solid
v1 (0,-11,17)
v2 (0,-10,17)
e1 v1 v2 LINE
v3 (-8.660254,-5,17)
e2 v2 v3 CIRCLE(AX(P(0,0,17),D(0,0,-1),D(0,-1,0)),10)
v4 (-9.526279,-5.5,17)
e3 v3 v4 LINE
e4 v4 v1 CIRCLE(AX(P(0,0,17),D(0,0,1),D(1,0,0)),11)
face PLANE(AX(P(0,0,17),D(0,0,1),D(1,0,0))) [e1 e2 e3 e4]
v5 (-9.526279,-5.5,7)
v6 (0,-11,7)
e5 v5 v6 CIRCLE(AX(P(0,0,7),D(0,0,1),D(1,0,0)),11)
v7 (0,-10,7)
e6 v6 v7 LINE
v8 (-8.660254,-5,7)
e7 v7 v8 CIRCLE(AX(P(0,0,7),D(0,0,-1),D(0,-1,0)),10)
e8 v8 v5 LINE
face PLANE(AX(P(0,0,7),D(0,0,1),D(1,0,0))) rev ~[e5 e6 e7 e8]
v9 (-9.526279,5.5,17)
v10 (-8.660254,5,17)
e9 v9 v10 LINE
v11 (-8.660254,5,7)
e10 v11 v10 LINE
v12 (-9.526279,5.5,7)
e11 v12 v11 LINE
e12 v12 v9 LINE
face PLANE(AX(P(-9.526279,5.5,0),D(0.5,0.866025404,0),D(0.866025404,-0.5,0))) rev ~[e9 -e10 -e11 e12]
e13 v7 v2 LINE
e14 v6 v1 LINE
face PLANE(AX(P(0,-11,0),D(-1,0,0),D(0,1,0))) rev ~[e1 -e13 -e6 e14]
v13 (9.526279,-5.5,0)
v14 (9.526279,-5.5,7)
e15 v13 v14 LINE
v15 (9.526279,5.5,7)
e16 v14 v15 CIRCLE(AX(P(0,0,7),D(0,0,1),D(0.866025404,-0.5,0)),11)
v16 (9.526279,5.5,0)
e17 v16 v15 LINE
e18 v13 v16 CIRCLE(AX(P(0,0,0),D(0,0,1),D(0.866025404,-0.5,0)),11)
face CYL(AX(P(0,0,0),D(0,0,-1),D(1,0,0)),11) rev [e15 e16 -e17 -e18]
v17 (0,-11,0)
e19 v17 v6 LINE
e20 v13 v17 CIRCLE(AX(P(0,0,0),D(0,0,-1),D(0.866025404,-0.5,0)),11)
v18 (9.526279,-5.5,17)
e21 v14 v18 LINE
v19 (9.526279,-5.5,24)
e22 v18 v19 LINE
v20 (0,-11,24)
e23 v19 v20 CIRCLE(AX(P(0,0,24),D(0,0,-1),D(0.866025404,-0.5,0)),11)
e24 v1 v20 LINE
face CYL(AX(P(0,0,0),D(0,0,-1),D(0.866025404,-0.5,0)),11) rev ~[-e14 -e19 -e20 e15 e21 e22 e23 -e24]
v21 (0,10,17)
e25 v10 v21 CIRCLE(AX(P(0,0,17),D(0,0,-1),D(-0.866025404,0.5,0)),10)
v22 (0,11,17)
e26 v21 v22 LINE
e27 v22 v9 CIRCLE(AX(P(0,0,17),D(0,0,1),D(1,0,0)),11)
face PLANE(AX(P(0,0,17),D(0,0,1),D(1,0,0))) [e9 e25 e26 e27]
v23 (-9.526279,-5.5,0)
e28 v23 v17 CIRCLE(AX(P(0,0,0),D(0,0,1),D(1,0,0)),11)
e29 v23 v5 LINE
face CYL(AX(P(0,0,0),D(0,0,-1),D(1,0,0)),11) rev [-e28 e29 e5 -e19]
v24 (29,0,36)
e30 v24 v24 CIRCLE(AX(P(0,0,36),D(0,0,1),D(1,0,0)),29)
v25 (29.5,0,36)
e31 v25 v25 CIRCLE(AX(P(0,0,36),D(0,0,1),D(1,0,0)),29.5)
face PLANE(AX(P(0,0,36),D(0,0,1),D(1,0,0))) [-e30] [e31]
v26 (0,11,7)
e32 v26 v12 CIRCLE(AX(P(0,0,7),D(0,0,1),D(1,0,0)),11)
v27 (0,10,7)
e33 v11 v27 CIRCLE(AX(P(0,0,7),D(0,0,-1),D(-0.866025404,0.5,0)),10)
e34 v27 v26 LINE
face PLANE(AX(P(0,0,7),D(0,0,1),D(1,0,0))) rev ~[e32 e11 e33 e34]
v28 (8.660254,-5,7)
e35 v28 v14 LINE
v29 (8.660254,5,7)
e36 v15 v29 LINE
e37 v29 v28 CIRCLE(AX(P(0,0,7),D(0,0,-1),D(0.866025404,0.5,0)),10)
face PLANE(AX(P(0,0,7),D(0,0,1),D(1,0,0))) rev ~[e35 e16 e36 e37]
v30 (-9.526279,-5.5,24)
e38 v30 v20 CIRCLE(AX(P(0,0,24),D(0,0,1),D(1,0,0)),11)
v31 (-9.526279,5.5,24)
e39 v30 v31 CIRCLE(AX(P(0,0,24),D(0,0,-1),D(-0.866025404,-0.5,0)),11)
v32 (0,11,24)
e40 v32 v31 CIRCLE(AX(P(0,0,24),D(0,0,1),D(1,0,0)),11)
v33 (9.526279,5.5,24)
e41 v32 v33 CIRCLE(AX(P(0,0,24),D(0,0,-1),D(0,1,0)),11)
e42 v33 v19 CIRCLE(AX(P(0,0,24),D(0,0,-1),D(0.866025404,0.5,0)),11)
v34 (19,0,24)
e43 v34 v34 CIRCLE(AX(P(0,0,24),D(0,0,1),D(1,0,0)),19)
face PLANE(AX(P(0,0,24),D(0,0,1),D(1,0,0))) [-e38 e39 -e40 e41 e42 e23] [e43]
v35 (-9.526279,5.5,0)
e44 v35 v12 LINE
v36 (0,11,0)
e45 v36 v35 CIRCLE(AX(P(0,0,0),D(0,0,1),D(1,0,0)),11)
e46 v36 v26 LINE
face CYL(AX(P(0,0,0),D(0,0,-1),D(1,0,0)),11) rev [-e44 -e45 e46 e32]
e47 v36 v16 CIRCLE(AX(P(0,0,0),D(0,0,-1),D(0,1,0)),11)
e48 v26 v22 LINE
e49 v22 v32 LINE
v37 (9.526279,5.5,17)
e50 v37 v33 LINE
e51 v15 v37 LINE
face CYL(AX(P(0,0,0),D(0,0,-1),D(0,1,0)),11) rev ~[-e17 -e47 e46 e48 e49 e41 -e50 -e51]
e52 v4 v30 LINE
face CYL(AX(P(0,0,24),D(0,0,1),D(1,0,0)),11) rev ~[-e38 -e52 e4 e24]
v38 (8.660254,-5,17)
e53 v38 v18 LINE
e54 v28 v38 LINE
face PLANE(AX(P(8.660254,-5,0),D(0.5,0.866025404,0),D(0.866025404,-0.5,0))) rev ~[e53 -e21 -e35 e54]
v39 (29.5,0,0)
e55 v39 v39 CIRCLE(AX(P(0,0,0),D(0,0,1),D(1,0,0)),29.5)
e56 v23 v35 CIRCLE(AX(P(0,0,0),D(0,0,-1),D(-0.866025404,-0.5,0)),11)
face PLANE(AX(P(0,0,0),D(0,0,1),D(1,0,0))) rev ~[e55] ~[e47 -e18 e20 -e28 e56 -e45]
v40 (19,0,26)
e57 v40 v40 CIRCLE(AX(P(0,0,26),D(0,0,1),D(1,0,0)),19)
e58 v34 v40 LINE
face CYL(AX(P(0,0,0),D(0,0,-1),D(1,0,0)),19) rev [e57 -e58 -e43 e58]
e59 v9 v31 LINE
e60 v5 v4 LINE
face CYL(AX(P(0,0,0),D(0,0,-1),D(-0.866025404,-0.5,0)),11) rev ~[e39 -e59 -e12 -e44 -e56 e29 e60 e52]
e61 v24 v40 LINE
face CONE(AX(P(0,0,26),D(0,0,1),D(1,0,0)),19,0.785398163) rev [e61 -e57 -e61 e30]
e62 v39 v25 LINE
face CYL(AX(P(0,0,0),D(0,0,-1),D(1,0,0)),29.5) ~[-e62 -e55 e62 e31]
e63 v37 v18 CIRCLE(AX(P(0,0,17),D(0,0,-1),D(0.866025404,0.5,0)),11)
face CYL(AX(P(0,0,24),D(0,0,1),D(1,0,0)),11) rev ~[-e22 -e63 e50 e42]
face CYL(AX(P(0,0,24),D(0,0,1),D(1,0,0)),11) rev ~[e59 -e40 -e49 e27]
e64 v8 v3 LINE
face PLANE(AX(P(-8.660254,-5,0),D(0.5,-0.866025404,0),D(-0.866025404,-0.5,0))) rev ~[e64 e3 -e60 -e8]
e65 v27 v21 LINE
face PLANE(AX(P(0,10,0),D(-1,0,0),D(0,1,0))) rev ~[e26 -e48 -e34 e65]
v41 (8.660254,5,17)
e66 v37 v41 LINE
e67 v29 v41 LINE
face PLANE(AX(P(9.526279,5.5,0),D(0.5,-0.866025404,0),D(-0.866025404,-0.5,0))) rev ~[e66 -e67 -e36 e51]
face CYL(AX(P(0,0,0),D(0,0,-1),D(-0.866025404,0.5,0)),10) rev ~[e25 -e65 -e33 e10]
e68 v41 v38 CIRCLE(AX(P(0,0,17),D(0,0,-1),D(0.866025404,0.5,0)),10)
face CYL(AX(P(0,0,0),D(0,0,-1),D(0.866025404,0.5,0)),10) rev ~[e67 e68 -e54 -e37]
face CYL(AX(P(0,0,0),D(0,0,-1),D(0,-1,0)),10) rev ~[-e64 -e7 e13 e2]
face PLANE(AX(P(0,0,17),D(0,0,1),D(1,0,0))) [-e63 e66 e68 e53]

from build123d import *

# Parameters (mm, degrees)
F0_R     = 19
F1_DEPTH = 24
F2_R     = 11
F3_DEPTH = 7
F4_R     = 11
F5_DEPTH = 7
F6_R     = 29.5
F6_R_2   = 19
F7_DEPTH = 36
F8_SIZE  = 10


with BuildPart() as f1:
    # F0 (on Top) → F1 (new body)
    with BuildSketch(Plane.XY):
        Circle(F0_R)
        with BuildLine():
            ThreePointArc((-9.5262794416, 5.5), (-5.5, 9.5262794416), (0, 11))
            ThreePointArc((0, 11), (5.5, 9.5262794416), (9.5262794416, 5.5))
            ThreePointArc((9.5262794416, 5.5), (10.6251840892, 2.8470094961), (11, 0))
            ThreePointArc((11, 0), (10.6251840892, -2.8470094961), (9.5262794416, -5.5))
            ThreePointArc((9.5262794416, -5.5), (5.5, -9.5262794416), (0, -11))
            ThreePointArc((0, -11), (-5.5, -9.5262794416), (-9.5262794416, -5.5))
            ThreePointArc((-9.5262794416, -5.5), (-11, 0), (-9.5262794416, 5.5))
        make_face(mode=Mode.SUBTRACT)
        with BuildLine():
            ThreePointArc((11, 0), (10.6251840892, 2.8470094961), (9.5262794416, 5.5))
            Line((9.5262794416, 5.5), (8.6602540378, 5))
            ThreePointArc((8.6602540378, 5), (10, 0), (8.6602540378, -5))
            Line((8.6602540378, -5), (9.5262794416, -5.5))
            ThreePointArc((9.5262794416, -5.5), (10.6251840892, -2.8470094961), (11, 0))
        make_face()
        with BuildLine():
            ThreePointArc((-8.6602540378, 5), (-5, 8.6602540378), (0, 10))
            Line((0, 10), (0, 11))
            ThreePointArc((0, 11), (-5.5, 9.5262794416), (-9.5262794416, 5.5))
            Line((-9.5262794416, 5.5), (-8.6602540378, 5))
        make_face()
        with BuildLine():
            Line((-8.6602540378, -5), (-9.5262794416, -5.5))
            ThreePointArc((-9.5262794416, -5.5), (-5.5, -9.5262794416), (0, -11))
            Line((0, -11), (0, -10))
            ThreePointArc((0, -10), (-5, -8.6602540378), (-8.6602540378, -5))
        make_face()
    extrude(amount=F1_DEPTH)

    # F2 (on Top) → F3 (cut)
    with BuildSketch(Plane.XY):
        Circle(F2_R)
    extrude(amount=F3_DEPTH, mode=Mode.SUBTRACT)

    # F4 (on face) → F5 (cut)
    with BuildSketch(Plane.XY.offset(24)):
        Circle(F4_R)
    extrude(amount=-F5_DEPTH, mode=Mode.SUBTRACT)

    # F6 (on Top) → F7 (join)
    with BuildSketch(Plane.XY):
        Circle(F6_R)
        Circle(F6_R_2, mode=Mode.SUBTRACT)
    extrude(amount=F7_DEPTH)

    # F8
    f8_edges = [f1.edges().sort_by_distance(p)[0] for p in [
        (-19, 0, 36),
    ]]
    chamfer(f8_edges, length=F8_SIZE)


solid = f1.part
